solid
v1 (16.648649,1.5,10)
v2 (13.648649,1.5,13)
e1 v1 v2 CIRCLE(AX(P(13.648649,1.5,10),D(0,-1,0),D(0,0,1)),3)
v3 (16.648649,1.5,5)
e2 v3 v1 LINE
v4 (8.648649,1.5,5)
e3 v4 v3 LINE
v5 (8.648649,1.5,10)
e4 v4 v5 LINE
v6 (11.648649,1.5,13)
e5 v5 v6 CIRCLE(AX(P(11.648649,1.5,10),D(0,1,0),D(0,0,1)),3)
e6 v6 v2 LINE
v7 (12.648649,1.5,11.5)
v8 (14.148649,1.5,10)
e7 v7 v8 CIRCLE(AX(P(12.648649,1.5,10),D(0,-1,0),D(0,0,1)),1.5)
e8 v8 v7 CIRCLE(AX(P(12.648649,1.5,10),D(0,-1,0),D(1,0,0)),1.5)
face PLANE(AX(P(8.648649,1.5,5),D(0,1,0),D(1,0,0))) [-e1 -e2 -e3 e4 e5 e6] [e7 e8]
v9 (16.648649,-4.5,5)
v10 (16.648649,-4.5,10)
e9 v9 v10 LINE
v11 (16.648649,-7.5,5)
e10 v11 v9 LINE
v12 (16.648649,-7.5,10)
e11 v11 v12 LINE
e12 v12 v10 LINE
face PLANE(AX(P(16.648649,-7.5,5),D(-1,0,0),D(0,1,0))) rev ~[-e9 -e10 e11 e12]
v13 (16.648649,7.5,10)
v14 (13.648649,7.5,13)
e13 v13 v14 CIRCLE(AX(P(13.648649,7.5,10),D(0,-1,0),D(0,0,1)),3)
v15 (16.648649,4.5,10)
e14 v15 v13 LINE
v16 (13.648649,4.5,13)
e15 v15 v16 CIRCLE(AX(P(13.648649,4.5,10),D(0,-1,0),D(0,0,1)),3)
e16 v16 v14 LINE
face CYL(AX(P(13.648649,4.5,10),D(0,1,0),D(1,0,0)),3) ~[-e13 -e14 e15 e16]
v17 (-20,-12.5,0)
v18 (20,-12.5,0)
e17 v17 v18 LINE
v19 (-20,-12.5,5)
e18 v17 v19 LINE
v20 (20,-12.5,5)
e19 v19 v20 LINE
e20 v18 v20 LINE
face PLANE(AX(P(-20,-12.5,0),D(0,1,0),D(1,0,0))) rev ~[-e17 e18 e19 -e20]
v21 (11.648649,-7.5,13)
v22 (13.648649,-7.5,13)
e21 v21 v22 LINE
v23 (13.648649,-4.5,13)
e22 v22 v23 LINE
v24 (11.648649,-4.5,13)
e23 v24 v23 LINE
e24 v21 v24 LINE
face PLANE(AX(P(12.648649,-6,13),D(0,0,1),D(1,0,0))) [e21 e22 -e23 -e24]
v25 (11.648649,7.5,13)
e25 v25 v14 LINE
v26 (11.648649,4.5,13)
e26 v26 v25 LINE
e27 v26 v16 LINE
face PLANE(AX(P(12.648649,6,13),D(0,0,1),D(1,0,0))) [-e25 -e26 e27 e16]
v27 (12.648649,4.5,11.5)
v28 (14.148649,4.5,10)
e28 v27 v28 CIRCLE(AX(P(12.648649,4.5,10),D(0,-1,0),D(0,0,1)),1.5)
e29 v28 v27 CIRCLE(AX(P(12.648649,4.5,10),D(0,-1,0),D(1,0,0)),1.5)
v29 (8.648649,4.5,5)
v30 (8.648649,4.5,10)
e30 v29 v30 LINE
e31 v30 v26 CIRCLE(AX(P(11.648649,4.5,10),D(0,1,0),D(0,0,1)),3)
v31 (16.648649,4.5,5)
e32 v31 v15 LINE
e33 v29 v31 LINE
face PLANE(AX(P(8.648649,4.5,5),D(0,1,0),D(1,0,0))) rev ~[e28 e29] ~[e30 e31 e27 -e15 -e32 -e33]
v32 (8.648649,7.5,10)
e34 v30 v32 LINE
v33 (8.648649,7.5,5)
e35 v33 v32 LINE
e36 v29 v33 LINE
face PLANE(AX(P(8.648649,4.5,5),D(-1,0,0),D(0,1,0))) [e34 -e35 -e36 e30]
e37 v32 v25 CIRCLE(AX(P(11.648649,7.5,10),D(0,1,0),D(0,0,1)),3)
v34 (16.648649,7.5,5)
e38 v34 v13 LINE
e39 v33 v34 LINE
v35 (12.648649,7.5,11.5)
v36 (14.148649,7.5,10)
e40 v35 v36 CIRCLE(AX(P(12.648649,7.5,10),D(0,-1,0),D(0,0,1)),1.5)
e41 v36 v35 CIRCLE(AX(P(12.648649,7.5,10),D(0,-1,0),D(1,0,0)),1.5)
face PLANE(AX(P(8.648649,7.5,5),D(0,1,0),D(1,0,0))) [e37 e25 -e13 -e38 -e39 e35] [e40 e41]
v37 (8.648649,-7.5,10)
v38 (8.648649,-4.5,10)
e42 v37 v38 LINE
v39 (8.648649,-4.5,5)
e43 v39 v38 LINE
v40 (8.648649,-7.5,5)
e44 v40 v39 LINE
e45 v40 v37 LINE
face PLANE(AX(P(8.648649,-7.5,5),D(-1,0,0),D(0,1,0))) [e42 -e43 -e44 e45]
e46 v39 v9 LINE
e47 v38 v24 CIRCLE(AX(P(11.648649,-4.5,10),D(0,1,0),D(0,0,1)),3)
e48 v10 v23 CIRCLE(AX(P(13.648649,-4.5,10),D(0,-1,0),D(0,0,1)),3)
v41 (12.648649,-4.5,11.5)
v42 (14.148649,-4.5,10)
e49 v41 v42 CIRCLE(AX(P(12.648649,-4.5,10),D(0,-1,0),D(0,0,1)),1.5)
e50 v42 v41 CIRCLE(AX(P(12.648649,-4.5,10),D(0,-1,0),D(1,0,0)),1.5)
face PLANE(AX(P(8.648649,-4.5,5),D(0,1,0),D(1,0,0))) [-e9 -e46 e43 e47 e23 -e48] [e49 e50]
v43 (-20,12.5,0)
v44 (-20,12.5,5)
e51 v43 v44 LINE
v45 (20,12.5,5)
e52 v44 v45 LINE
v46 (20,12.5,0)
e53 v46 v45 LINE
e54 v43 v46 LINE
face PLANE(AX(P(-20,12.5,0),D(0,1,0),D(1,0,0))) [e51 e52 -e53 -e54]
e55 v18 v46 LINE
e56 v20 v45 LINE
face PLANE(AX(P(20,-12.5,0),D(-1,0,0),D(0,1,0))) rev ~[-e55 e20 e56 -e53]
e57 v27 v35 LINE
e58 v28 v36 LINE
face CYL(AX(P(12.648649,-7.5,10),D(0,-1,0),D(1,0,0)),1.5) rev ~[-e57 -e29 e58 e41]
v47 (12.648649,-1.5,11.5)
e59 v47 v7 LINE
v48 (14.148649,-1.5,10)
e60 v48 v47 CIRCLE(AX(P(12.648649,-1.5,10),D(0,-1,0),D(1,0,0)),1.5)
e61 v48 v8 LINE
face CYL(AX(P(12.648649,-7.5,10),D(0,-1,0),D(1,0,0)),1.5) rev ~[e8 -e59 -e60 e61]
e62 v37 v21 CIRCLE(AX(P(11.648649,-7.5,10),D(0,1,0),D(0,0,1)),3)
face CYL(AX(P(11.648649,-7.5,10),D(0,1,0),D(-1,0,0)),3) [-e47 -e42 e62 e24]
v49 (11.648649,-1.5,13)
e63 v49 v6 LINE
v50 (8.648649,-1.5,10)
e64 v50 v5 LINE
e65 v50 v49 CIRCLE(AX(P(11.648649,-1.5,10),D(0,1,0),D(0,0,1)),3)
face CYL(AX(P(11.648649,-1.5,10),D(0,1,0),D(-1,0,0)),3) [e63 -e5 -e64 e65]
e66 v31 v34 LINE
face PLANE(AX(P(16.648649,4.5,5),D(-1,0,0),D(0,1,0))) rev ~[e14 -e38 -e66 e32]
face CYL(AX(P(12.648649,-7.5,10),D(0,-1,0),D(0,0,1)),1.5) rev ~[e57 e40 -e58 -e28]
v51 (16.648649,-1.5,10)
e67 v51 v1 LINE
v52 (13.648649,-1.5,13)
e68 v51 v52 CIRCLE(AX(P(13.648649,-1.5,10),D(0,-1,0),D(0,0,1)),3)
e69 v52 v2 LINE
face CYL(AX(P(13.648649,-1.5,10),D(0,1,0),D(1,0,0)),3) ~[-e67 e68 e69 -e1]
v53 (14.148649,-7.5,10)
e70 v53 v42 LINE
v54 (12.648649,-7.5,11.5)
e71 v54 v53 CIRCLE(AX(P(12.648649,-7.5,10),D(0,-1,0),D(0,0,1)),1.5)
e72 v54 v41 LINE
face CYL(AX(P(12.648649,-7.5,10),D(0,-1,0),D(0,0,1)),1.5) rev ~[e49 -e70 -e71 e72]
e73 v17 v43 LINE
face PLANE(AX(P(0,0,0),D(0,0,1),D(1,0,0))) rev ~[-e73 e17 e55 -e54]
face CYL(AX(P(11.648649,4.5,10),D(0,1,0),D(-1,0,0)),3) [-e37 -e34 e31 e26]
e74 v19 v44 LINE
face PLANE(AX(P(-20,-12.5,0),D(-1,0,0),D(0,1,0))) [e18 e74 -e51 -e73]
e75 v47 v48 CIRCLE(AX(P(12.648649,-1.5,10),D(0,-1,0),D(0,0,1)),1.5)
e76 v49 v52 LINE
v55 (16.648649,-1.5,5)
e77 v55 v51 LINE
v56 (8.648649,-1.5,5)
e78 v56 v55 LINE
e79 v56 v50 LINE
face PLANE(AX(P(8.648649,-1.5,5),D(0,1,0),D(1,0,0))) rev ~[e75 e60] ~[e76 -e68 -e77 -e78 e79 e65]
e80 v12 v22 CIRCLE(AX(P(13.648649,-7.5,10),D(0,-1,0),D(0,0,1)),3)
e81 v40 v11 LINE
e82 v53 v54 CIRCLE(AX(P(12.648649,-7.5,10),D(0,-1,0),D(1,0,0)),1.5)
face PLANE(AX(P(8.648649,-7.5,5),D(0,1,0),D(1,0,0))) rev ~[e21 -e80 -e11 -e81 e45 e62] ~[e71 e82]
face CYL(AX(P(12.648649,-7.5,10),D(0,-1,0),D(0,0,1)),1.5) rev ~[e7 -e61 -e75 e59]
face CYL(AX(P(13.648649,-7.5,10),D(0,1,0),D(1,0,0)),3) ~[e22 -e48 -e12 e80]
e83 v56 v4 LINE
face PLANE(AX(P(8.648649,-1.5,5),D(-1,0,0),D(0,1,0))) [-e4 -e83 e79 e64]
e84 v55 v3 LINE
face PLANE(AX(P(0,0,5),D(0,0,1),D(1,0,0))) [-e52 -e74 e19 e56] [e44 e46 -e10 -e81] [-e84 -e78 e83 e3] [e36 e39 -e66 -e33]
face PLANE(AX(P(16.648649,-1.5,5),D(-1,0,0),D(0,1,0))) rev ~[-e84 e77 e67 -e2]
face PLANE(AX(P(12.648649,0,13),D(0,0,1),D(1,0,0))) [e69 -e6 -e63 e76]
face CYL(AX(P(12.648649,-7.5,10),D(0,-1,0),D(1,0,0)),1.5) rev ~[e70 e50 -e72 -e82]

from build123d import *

# Parameters (mm, degrees)
F0_W     = 40
F0_H     = 25
F1_DEPTH = 5
F2_W     = 8
F2_H     = 3
F3_DEPTH = 8
F4_R     = 3
F6_DEPTH = 25


with BuildPart() as f1:
    # F0 (on Top) → F1 (new body)
    with BuildSketch(Plane.XY):
        Rectangle(F0_W, F0_H)
    extrude(amount=F1_DEPTH)

    # F2 (on face) → F3 (join)
    with BuildSketch(Plane.XY.offset(5)):
        with Locations((12.6486493205, 6)):
            Rectangle(F2_W, F2_H)
        with Locations((12.6486493205, 0)):
            Rectangle(F2_W, F2_H)
        with Locations((12.6486493205, -6)):
            Rectangle(F2_W, F2_H)
    extrude(amount=F3_DEPTH)

    # F4
    f4_edges = [f1.edges().sort_by_distance(p)[0] for p in [
        (8.648649, -6, 13),
        (16.648649, -6, 13),
        (8.648649, 0, 13),
        (16.648649, 0, 13),
        (8.648649, 6, 13),
        (16.648649, 6, 13),
    ]]
    fillet(f4_edges, radius=F4_R)

    # F5 (on face) → F6 (cut)
    with BuildSketch(Plane.XZ.offset(7.5)):
        with BuildLine():
            ThreePointArc((14.1486493205, 10), (13.7093094923, 11.0606601718), (12.6486493205, 11.5))
            ThreePointArc((12.6486493205, 11.5), (11.5879891487, 8.9393398282), (14.1486493205, 10))
        make_face()
    extrude(amount=-F6_DEPTH, mode=Mode.SUBTRACT)


solid = f1.part
